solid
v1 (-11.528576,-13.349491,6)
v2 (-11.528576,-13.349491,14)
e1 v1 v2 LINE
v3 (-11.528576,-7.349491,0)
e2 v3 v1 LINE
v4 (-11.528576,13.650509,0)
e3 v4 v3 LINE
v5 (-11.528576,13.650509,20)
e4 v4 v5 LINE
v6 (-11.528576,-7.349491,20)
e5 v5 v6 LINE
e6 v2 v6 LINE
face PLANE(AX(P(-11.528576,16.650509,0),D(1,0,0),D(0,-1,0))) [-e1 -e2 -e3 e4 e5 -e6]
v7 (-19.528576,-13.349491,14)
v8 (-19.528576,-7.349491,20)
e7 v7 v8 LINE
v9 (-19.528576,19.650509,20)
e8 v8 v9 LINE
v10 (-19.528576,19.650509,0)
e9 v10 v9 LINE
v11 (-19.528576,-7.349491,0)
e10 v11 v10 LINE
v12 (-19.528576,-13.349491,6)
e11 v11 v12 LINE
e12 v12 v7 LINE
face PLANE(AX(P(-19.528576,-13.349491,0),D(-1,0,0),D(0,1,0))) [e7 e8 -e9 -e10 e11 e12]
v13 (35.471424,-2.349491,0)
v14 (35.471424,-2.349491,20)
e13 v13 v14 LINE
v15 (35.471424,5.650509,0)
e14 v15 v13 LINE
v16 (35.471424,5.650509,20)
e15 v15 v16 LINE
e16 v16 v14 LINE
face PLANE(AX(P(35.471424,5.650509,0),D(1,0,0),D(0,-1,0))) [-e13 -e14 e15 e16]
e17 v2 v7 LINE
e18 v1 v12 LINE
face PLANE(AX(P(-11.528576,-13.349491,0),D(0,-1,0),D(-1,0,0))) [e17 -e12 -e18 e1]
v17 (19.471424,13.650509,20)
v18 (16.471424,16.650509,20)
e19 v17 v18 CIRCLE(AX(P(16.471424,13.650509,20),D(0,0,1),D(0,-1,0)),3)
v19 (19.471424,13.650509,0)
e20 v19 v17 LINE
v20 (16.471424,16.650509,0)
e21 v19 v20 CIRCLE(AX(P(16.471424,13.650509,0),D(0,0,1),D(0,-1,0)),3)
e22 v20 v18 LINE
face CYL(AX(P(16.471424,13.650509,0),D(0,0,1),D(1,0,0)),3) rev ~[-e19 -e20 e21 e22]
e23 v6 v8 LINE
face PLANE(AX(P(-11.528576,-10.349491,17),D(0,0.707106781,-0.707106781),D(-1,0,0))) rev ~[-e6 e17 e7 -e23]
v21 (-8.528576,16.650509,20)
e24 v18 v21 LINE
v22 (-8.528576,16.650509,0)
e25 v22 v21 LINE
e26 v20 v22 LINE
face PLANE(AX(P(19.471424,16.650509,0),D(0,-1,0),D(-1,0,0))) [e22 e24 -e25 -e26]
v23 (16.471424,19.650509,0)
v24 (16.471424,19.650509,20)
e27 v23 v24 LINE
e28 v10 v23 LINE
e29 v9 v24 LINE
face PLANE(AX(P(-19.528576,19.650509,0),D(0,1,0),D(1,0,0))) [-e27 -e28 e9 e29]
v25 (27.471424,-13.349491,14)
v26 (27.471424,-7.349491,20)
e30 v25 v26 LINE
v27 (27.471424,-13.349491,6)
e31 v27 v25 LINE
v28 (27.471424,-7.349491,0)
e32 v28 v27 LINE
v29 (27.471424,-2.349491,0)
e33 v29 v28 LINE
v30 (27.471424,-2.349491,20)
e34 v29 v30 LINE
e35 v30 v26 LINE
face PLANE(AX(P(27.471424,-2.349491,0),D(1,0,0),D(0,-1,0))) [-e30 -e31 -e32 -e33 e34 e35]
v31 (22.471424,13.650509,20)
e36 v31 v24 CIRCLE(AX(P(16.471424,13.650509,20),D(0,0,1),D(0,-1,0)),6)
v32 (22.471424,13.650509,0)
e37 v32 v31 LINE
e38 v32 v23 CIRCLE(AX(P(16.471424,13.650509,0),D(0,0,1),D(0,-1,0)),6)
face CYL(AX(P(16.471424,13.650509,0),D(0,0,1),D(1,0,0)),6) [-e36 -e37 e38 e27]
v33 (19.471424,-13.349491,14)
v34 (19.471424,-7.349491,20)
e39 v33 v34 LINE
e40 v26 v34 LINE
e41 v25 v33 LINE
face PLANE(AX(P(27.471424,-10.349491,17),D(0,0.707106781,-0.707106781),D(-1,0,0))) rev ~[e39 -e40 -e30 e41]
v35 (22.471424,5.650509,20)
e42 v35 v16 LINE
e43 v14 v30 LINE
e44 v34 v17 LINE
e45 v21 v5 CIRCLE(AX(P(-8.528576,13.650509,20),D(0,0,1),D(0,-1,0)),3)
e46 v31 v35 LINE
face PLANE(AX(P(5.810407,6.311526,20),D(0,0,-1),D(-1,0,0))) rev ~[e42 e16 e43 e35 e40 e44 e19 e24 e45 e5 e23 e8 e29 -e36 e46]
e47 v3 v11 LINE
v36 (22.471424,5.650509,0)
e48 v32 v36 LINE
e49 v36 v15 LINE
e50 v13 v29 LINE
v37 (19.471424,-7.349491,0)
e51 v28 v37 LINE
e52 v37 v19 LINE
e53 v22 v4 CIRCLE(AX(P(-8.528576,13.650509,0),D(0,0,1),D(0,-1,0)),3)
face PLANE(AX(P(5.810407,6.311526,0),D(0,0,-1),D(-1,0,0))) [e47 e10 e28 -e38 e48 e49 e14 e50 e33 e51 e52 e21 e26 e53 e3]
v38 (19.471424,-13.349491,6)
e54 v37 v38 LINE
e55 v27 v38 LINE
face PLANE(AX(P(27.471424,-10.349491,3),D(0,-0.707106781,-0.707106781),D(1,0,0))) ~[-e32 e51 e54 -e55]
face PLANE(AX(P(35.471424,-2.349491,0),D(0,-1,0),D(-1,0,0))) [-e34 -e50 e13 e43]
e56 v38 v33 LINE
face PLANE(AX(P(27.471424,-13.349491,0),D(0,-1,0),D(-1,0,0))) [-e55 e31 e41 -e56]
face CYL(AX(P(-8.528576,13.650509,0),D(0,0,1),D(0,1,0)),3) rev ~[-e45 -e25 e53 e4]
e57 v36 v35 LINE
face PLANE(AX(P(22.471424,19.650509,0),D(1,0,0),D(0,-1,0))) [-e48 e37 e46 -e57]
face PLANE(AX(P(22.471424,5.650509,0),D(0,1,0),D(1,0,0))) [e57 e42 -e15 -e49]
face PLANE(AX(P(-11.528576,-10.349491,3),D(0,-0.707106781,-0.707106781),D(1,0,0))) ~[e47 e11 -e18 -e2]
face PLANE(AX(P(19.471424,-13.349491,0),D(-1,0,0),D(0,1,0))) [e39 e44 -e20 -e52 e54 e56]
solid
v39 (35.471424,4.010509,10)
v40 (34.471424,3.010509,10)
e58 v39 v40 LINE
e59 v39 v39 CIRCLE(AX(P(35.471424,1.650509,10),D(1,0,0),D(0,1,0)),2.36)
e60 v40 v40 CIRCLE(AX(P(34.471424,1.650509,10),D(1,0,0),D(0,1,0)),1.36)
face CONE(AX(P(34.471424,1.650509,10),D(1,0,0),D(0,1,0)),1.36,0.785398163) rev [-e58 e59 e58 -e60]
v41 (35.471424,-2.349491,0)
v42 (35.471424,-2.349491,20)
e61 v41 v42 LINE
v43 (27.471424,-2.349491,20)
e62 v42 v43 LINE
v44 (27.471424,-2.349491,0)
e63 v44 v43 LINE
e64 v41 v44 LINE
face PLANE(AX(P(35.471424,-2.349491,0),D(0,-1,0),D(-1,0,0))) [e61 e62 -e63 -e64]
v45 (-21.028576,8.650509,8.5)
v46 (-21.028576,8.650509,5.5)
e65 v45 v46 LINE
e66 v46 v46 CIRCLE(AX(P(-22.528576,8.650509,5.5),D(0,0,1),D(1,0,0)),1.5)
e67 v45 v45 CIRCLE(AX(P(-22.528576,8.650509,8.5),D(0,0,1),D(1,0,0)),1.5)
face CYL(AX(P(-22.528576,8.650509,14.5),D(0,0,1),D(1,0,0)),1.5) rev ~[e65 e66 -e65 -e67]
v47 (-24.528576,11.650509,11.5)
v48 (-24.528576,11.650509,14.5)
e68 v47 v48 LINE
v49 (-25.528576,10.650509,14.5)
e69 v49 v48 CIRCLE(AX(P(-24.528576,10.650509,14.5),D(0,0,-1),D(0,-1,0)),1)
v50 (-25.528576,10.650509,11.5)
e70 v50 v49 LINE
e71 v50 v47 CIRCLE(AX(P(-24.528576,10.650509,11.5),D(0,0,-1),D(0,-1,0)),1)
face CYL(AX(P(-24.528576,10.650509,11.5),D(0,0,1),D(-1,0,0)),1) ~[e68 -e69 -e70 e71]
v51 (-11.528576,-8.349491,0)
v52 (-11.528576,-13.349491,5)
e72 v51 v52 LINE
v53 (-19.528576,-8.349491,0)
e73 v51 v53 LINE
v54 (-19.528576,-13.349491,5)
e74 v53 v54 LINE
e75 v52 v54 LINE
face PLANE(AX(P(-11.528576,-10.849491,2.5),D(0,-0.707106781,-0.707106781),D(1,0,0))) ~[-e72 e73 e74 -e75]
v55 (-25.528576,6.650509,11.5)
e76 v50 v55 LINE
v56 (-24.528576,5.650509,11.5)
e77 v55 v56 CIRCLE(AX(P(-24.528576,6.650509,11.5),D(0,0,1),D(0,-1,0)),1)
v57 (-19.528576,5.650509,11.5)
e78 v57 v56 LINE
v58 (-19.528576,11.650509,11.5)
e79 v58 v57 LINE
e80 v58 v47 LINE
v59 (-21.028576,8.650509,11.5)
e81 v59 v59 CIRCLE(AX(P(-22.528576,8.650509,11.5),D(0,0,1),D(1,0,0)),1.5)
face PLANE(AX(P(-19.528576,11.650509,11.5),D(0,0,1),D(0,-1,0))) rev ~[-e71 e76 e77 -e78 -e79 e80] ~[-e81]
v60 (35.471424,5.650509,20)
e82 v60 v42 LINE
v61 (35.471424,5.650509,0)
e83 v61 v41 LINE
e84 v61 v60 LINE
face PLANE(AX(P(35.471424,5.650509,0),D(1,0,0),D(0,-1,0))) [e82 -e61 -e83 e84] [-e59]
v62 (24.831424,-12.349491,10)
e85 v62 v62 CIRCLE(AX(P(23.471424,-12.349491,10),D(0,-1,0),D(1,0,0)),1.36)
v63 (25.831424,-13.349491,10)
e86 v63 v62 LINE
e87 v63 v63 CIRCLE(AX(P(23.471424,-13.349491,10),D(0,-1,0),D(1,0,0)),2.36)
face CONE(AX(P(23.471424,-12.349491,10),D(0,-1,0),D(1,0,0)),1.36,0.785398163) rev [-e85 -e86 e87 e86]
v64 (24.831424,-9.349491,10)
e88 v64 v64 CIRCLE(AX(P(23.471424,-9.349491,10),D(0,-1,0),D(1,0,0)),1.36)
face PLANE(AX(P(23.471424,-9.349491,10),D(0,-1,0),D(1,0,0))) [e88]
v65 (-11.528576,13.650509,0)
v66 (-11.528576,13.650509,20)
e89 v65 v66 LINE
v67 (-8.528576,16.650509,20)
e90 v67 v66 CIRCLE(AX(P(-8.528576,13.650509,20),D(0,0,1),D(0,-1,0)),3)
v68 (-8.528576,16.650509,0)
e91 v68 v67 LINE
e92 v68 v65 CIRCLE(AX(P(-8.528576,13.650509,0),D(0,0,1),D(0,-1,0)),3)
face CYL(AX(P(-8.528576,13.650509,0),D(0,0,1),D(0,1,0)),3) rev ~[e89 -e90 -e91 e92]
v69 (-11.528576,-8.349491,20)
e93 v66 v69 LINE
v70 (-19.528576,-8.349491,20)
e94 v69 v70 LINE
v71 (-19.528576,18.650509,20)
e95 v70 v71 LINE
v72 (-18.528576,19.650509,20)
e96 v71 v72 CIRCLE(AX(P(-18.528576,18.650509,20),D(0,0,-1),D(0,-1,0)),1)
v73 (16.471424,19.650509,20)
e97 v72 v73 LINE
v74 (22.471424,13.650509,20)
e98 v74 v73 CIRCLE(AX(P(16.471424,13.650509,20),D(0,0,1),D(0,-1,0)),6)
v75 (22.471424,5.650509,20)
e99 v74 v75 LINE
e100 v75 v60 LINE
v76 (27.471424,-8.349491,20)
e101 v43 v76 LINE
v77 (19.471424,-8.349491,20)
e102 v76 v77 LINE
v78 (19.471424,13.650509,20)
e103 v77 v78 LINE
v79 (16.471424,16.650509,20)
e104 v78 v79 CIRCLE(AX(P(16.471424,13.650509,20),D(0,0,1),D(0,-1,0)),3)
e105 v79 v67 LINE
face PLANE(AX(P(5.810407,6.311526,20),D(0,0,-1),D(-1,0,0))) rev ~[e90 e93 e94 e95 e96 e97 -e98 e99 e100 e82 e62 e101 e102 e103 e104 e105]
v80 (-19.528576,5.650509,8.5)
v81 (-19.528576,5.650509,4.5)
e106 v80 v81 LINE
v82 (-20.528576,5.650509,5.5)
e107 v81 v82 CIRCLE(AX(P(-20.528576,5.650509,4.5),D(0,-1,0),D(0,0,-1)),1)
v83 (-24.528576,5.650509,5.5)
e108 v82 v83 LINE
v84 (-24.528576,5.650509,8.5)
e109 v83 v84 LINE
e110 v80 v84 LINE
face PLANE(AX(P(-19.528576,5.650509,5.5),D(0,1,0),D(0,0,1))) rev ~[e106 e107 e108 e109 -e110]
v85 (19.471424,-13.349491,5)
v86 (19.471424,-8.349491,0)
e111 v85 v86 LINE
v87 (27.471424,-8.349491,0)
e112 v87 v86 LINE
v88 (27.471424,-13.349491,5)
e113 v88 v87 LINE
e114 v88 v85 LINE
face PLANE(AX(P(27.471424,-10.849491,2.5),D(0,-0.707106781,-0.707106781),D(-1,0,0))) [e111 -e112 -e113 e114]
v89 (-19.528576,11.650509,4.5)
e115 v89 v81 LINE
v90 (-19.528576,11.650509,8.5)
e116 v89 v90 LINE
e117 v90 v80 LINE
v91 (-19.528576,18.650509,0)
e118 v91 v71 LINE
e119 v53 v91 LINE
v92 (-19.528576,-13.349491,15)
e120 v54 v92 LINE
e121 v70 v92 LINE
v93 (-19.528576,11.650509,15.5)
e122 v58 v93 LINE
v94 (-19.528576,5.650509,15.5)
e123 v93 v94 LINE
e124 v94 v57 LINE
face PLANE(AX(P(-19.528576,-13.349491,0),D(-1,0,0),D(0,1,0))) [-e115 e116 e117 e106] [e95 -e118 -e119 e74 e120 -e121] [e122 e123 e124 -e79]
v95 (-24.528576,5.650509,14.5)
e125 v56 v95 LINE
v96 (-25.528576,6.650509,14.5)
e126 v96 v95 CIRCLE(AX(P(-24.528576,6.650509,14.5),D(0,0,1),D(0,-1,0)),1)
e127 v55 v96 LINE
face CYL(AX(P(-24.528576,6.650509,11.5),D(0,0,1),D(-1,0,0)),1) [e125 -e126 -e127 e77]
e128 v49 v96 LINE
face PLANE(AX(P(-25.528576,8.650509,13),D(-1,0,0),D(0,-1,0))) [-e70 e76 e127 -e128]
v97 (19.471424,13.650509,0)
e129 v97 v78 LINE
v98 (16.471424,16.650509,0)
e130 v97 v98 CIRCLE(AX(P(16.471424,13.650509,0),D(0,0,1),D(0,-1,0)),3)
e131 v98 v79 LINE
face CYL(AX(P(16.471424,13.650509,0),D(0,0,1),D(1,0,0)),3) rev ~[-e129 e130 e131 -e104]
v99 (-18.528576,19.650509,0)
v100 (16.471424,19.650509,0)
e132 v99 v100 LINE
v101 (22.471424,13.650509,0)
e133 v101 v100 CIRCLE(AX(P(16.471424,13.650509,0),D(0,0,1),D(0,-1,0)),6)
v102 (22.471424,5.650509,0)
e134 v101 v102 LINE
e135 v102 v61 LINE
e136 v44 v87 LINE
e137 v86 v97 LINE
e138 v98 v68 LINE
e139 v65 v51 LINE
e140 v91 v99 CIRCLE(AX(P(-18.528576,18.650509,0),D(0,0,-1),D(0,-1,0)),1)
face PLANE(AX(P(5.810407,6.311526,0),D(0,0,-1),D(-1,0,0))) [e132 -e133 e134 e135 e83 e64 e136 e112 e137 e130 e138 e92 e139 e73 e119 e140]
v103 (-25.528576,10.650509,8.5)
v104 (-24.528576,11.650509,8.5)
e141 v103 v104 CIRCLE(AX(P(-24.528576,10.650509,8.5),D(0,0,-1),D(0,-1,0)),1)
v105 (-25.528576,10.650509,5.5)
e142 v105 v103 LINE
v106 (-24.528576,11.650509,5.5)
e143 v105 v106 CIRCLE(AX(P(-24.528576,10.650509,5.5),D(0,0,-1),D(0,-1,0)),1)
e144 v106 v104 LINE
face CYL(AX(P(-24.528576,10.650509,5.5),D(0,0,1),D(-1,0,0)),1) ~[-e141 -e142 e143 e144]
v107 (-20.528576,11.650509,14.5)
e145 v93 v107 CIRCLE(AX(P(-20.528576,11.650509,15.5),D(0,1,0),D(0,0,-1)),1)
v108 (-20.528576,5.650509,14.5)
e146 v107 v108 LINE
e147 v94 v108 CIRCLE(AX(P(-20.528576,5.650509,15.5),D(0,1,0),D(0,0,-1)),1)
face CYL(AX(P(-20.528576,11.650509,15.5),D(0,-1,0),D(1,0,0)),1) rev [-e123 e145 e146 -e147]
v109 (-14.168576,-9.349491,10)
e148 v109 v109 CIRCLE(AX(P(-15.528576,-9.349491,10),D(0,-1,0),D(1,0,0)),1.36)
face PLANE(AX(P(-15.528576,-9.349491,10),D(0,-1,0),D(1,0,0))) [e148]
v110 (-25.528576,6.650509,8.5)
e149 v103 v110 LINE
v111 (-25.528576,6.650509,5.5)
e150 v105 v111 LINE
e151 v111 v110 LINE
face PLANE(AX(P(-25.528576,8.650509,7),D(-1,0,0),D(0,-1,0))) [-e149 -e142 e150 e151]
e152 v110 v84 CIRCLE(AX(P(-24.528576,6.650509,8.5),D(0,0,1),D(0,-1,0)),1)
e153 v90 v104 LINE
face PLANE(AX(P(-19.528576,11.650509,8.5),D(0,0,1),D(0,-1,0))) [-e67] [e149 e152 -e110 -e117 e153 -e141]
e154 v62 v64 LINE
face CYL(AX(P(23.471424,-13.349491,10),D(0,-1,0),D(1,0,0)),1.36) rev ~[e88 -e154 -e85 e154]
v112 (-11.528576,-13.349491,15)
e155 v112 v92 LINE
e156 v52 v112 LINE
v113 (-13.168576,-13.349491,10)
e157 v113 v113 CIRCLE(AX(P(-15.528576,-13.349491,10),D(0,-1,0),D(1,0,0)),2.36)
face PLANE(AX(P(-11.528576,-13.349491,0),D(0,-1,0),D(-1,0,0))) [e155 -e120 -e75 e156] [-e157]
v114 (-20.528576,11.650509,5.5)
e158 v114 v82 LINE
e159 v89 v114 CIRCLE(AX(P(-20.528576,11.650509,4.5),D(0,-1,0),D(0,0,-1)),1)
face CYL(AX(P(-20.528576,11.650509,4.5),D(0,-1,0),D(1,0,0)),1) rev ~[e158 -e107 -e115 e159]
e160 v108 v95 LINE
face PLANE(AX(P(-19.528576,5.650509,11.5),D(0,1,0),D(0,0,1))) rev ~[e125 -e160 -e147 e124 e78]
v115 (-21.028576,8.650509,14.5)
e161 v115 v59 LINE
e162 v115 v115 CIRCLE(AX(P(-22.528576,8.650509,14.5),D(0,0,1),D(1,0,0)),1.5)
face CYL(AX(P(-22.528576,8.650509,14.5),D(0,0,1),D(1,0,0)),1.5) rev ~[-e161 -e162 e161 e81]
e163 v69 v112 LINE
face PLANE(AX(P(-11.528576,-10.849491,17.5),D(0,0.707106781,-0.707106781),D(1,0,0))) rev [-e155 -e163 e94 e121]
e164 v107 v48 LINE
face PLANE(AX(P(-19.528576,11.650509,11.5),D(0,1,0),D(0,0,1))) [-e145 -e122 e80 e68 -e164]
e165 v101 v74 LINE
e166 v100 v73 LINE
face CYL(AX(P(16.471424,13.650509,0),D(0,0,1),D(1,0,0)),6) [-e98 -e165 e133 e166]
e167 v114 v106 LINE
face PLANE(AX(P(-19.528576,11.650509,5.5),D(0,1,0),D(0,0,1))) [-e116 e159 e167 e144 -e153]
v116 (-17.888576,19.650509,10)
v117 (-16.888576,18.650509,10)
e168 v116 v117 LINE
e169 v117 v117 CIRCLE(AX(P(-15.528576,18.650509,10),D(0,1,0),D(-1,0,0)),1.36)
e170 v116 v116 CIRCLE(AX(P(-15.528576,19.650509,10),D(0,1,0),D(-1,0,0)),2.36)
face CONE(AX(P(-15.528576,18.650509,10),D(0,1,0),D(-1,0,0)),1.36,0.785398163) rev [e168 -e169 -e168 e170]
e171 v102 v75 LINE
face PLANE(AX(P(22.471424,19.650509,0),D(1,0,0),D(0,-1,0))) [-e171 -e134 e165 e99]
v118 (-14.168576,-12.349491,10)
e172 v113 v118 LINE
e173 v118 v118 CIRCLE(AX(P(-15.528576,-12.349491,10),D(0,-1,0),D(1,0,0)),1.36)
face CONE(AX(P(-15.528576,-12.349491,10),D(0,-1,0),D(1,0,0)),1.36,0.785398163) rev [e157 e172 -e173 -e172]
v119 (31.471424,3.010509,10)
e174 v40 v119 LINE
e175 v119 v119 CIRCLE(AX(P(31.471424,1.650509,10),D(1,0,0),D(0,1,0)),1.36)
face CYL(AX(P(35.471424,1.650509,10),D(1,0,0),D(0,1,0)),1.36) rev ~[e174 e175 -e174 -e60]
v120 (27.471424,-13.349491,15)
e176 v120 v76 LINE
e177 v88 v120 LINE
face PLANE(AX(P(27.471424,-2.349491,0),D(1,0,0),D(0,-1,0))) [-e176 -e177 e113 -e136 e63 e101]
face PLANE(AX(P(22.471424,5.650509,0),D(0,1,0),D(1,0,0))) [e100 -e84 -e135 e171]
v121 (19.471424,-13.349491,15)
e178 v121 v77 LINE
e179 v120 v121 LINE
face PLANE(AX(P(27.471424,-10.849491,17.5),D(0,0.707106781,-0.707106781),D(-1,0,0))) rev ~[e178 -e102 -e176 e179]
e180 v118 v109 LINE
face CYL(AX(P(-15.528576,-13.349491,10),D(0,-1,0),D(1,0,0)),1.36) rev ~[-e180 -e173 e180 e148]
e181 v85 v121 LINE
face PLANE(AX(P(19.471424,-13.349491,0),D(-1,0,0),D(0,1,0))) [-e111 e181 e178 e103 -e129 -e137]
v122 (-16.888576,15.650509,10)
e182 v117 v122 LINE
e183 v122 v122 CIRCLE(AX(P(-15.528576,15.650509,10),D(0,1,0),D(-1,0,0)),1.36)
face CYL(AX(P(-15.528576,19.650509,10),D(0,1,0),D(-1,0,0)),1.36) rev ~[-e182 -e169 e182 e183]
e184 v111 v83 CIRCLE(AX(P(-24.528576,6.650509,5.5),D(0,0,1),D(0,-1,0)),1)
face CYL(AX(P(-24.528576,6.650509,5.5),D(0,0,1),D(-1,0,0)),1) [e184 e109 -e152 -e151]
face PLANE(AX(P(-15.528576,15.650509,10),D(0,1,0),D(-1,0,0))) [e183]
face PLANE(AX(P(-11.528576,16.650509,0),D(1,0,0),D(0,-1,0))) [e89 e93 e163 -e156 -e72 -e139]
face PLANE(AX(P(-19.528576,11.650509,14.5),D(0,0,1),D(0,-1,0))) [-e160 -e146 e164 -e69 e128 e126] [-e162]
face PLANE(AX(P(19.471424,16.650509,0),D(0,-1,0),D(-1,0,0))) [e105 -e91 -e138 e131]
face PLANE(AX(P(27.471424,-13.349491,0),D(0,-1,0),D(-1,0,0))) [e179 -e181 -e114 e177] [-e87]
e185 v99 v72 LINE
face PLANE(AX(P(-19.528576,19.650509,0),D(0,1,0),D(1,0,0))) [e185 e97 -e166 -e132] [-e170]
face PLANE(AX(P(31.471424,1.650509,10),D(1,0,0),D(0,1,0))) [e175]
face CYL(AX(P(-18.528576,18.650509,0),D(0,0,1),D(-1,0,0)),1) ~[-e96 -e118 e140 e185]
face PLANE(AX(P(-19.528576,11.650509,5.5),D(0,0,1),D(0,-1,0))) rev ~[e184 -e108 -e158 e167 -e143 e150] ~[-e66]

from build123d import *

# Parameters (mm, degrees)
PAD_DEPTH       = 20
FILLET_R        = 3
FILLET001_R     = 6
CHAMFER_SIZE    = 6
SKETCH002_R     = 1.36
POCKET_DEPTH    = 4
CHAMFER001_SIZE = 1
SKETCH003_R     = 1.36
POCKET001_DEPTH = 4
CHAMFER002_SIZE = 1
SKETCH004_R     = 1.36
POCKET002_DEPTH = 4
CHAMFER003_SIZE = 1
CHAMFER004_SIZE = 5
SKETCH005_R     = 1.36
POCKET003_DEPTH = 4
CHAMFER005_SIZE = 1
SKETCH006_W     = 6
SKETCH006_H     = 3
PAD001_DEPTH    = 6
SKETCH007_R     = 1.5
POCKET004_DEPTH = 14.501
FILLET002_R     = 1
FILLET003_R     = 1
FILLET004_R     = 1


with BuildPart() as fillet001:
    # Sketch → Pad (new body)
    with BuildSketch(Plane.XY):
        Polygon((-19.528576, -13.349491), (-19.528576, 19.650509), (22.471424, 19.650509), (22.471424, 5.650509), (35.471424, 5.650509), (35.471424, -2.349491), (27.471424, -2.349491), (27.471424, -13.349491), (19.471424, -13.349491), (19.471424, 16.650509), (-11.528576, 16.650509), (-11.528576, -13.349491), align=None)
    extrude(amount=PAD_DEPTH)

    # Fillet
    fillet_edges = [fillet001.edges().sort_by_distance(p)[0] for p in [
        (-11.528576, 16.650509, 10),
        (19.471424, 16.650509, 10),
    ]]
    fillet(fillet_edges, radius=FILLET_R)

    # Fillet001
    fillet001_edges = [fillet001.edges().sort_by_distance(p)[0] for p in [
        (22.471424, 19.650509, 10),
    ]]
    fillet(fillet001_edges, radius=FILLET001_R)


with BuildPart() as chamfer_body:
    # Chamfer base: copy of Fillet001
    add(fillet001.part)

    # Chamfer
    chamfer_edges = [chamfer_body.edges().sort_by_distance(p)[0] for p in [
        (-15.528576, -13.349491, 20),
        (-15.528576, -13.349491, 0),
        (23.471424, -13.349491, 20),
        (23.471424, -13.349491, 0),
    ]]
    chamfer(chamfer_edges, length=CHAMFER_SIZE)


with BuildPart() as definitiva:
    # Pocket base: copy of Fillet001
    add(fillet001.part)

    # Sketch002 → Pocket (cut)
    with BuildSketch(Plane.YZ.offset(35.471424)):
        with Locations((1.650509, 10)):
            Circle(SKETCH002_R)
    extrude(amount=-POCKET_DEPTH, mode=Mode.SUBTRACT)

    # Chamfer001
    chamfer001_edges = [definitiva.edges().sort_by_distance(p)[0] for p in [
        (35.471424, 0.290509, 10),
    ]]
    chamfer(chamfer001_edges, length=CHAMFER001_SIZE)

    # Sketch003 → Pocket001 (cut)
    with BuildSketch(Plane.XZ.offset(13.349491)):
        with Locations((-15.528576, 10)):
            Circle(SKETCH003_R)
    extrude(amount=-POCKET001_DEPTH, mode=Mode.SUBTRACT)

    # Chamfer002
    chamfer002_edges = [definitiva.edges().sort_by_distance(p)[0] for p in [
        (-16.888576, -13.349491, 10),
    ]]
    chamfer(chamfer002_edges, length=CHAMFER002_SIZE)

    # Sketch004 → Pocket002 (cut)
    with BuildSketch(Plane.XZ.offset(13.349491)):
        with Locations((23.471424, 10)):
            Circle(SKETCH004_R)
    extrude(amount=-POCKET002_DEPTH, mode=Mode.SUBTRACT)

    # Chamfer003
    chamfer003_edges = [definitiva.edges().sort_by_distance(p)[0] for p in [
        (22.111424, -13.349491, 10),
    ]]
    chamfer(chamfer003_edges, length=CHAMFER003_SIZE)

    # Chamfer004
    chamfer004_edges = [definitiva.edges().sort_by_distance(p)[0] for p in [
        (-15.528576, -13.349491, 20),
        (-15.528576, -13.349491, 0),
        (23.471424, -13.349491, 20),
        (23.471424, -13.349491, 0),
    ]]
    chamfer(chamfer004_edges, length=CHAMFER004_SIZE)

    # Sketch005 → Pocket003 (cut)
    with BuildSketch(Plane(origin=(0, 19.650509, 0), x_dir=(-1, 0, 0), z_dir=(0, 1, 0))):
        with Locations((15.528576, 10)):
            Circle(SKETCH005_R)
    extrude(amount=-POCKET003_DEPTH, mode=Mode.SUBTRACT)

    # Chamfer005
    chamfer005_edges = [definitiva.edges().sort_by_distance(p)[0] for p in [
        (-14.168576, 19.650509, 10),
    ]]
    chamfer(chamfer005_edges, length=CHAMFER005_SIZE)

    # Sketch006 → Pad001 (new body)
    with BuildSketch(Plane(origin=(-19.528576, 0, 0), x_dir=(0, -1, 0), z_dir=(-1, 0, 0))):
        with Locations((-8.650509, 13)):
            Rectangle(SKETCH006_W, SKETCH006_H)
        with Locations((-8.650509, 7)):
            Rectangle(SKETCH006_W, SKETCH006_H)
    extrude(amount=PAD001_DEPTH)

    # Sketch007 → Pocket004 (cut, through all)
    with BuildSketch(Plane.XY.offset(14.5)):
        with Locations((-22.528576, 8.650509)):
            Circle(SKETCH007_R)
    extrude(amount=-POCKET004_DEPTH, mode=Mode.SUBTRACT)

    # Fillet002
    fillet002_edges = [definitiva.edges().sort_by_distance(p)[0] for p in [
        (-19.528576, 8.650509, 5.5),
        (-19.528576, 8.650509, 14.5),
    ]]
    fillet(fillet002_edges, radius=FILLET002_R)

    # Fillet003
    fillet003_edges = [definitiva.edges().sort_by_distance(p)[0] for p in [
        (-25.528576, 11.650509, 7),
        (-25.528576, 11.650509, 13),
        (-25.528576, 5.650509, 7),
        (-25.528576, 5.650509, 13),
    ]]
    fillet(fillet003_edges, radius=FILLET003_R)

    # Fillet004
    fillet004_edges = [definitiva.edges().sort_by_distance(p)[0] for p in [
        (-19.528576, 19.650509, 10),
    ]]
    fillet(fillet004_edges, radius=FILLET004_R)


solid = Compound([chamfer_body.part, definitiva.part])
